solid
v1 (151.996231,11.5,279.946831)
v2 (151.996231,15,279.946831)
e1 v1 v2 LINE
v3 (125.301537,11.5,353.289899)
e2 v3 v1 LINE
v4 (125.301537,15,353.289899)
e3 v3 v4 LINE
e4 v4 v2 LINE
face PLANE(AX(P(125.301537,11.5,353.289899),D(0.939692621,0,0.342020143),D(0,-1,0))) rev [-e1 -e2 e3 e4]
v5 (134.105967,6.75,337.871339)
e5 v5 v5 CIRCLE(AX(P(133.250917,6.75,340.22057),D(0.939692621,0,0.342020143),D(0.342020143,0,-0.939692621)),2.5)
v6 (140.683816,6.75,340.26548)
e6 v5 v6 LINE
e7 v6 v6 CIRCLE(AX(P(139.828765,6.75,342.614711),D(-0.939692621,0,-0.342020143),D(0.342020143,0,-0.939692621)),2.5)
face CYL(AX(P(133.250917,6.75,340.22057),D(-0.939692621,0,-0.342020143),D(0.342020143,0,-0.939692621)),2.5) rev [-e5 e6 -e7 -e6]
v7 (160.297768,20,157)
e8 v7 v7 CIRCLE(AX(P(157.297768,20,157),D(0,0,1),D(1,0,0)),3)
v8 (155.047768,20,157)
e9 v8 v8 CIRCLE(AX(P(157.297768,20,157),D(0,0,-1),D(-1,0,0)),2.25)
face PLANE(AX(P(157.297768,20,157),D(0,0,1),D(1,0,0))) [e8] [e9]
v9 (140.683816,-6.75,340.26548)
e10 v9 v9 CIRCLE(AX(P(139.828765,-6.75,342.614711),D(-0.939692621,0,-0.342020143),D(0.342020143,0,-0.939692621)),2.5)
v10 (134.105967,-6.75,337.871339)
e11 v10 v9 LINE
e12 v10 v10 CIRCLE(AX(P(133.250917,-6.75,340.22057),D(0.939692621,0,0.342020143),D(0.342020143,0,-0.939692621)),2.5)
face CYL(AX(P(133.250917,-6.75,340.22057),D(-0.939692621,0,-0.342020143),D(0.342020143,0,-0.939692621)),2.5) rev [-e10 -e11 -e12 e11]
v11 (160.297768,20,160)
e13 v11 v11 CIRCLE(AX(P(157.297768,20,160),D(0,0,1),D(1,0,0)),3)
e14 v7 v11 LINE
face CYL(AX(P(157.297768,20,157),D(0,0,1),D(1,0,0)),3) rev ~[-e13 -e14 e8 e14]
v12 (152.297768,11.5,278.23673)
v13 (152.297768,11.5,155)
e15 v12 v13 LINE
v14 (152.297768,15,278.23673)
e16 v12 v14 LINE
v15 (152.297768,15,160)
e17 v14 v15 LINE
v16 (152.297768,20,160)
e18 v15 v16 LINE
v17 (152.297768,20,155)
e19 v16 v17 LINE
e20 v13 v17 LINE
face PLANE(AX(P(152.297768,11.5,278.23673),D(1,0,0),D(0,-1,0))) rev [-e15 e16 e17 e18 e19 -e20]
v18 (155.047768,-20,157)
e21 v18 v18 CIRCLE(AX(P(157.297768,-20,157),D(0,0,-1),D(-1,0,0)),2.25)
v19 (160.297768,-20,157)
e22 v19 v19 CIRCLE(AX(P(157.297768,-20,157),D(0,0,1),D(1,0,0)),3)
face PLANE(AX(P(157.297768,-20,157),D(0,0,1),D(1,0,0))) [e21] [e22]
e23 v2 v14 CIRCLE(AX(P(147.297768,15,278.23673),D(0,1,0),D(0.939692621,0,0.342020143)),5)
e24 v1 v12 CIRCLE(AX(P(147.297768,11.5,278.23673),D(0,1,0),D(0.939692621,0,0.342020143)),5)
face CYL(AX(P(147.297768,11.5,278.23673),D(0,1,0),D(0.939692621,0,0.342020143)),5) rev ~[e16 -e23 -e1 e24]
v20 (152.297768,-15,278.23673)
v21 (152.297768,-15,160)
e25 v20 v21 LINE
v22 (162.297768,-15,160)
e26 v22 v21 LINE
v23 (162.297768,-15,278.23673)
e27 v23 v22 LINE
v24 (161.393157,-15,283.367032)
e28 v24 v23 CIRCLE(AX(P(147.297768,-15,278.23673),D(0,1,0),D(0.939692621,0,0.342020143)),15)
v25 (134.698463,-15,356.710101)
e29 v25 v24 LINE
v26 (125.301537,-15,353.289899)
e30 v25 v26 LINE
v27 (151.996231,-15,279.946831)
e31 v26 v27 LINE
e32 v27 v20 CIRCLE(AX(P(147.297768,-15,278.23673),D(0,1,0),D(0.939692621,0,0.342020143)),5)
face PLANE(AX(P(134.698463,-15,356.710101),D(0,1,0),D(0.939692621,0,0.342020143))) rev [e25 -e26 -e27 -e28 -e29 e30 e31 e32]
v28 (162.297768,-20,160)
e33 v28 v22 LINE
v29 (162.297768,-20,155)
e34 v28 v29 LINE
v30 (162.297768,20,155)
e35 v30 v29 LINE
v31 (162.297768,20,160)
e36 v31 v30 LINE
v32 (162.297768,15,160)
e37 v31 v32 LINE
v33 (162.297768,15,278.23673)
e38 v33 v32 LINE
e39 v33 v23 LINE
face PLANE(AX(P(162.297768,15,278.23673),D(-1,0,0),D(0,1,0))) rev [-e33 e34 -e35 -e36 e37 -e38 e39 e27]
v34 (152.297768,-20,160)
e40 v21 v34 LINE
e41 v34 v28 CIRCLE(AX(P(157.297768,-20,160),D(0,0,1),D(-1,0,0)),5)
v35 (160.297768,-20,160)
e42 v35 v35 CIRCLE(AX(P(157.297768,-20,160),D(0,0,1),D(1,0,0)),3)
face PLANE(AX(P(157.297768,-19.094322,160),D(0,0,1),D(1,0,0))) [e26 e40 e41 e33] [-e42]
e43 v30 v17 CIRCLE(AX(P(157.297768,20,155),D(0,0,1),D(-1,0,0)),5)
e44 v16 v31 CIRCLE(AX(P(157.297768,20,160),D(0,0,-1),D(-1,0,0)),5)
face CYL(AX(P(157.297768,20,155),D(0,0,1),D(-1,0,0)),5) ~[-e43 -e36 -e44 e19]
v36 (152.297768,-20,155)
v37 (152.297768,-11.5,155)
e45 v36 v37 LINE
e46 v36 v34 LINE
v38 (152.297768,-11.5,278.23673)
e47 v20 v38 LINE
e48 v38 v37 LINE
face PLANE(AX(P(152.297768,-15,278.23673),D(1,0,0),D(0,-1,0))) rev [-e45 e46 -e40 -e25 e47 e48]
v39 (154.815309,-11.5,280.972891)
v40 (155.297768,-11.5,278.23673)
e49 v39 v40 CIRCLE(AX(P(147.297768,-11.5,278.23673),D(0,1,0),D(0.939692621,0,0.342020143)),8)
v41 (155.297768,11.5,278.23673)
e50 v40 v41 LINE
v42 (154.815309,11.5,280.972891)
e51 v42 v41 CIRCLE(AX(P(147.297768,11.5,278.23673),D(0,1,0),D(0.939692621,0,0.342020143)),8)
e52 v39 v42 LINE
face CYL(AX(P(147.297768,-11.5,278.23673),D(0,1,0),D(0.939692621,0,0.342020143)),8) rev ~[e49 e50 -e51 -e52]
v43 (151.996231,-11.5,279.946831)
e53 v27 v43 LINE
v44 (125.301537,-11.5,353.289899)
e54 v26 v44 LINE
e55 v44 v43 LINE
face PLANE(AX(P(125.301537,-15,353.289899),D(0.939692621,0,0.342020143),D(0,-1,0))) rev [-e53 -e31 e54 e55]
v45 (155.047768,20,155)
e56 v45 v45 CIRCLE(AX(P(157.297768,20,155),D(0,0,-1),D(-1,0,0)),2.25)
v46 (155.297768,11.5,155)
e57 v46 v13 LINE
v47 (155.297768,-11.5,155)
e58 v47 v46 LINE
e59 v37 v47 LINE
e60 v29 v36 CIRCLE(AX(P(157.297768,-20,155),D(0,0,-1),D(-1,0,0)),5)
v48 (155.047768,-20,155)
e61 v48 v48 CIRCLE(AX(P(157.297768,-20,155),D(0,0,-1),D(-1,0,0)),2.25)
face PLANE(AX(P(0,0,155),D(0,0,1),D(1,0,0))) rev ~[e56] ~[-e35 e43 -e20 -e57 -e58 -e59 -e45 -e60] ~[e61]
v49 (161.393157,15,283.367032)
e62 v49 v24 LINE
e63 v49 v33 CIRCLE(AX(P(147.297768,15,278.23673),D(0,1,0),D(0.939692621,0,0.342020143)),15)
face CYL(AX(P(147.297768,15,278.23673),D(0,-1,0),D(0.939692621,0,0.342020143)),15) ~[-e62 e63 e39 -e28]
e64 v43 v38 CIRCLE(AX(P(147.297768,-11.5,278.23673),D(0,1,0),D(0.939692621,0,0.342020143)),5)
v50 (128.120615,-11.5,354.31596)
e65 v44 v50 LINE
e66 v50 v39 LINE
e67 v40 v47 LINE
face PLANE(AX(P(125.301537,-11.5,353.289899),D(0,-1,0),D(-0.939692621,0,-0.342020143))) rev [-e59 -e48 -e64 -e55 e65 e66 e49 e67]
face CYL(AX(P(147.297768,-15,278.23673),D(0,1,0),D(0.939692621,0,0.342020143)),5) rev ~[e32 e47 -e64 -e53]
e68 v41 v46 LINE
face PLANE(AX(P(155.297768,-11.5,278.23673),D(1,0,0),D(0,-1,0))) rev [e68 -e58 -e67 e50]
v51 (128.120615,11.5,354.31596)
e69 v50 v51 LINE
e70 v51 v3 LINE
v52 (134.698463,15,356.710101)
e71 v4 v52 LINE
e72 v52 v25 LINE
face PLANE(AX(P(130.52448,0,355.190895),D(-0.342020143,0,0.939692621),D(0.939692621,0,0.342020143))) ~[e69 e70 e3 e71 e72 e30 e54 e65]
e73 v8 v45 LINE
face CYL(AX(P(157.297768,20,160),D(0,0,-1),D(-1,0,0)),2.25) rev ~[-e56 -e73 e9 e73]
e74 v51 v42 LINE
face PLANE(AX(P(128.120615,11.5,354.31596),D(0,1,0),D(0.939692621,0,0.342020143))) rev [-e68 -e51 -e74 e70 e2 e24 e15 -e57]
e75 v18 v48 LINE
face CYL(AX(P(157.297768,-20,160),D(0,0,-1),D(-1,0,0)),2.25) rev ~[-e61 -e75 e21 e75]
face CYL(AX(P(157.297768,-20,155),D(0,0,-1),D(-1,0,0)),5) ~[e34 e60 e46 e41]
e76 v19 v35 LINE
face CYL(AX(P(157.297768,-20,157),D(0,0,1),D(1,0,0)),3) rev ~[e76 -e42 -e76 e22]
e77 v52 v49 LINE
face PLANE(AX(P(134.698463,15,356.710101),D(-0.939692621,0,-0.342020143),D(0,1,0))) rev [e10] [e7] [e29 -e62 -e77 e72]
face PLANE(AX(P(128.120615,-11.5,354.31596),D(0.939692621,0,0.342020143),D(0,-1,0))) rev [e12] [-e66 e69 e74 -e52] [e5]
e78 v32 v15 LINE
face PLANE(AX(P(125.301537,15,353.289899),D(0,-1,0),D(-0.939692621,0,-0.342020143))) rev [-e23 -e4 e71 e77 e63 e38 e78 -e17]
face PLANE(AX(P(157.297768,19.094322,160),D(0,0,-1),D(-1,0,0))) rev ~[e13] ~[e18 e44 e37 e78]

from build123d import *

# Parameters (mm, degrees)
SKETCH_1_R                = 115
SKETCH_1_R_2              = 105
EXTRUDE_1_DEPTH           = 5
SKETCH_4_R                = 2.5
CUT_EXTRUDE_1_DEPTH       = 33.934862746
EXTRUDE_2_DEPTH           = 5
HOLE_WIZARD_1_D           = 4.5
HOLE_WIZARD_1_CBORE_D     = 6
HOLE_WIZARD_1_CBORE_DEPTH = 3
SKETCH_9_R                = 2.25
SKETCH_9_R_2              = 1.9
EXTRUDE_3_DEPTH           = 5
EXTRUDE_4_DEPTH           = 5
HOLE_WIZARD_2_D           = 4.5
HOLE_WIZARD_2_CBORE_D     = 6
HOLE_WIZARD_2_CBORE_DEPTH = 3
SKETCH_13_R               = 2.25
SKETCH_13_R_2             = 1.9
EXTRUDE_5_DEPTH           = 5
SKETCH_14_W               = 562.038590931
SKETCH_14_H               = 462.09177453
CUT_EXTRUDE_4_DEPTH       = 163.29776757
SKETCH_15_W               = 480.927145246
SKETCH_15_H               = 274.608213656
CUT_EXTRUDE_5_DEPTH       = 161


with BuildPart() as part:
    # 草图1 → 凸台-拉伸1 (new body, symmetric)
    with BuildSketch(Plane.XY):
        Circle(SKETCH_1_R)
        Circle(SKETCH_1_R_2, mode=Mode.SUBTRACT)
    extrude(amount=EXTRUDE_1_DEPTH, both=True)

    # 扫描1: sweep along a path in 草图2
    with BuildLine(Plane(origin=(0, 0, 0), x_dir=(1, 0, 0), z_dir=(0, 1, 0))) as sweep_1_path:
        Line((-130, -355), (-156.694693778, -281.656931626))
        ThreePointArc((-156.694693778, -281.656931626), (-157.1458451, -279.97321197), (-157.29776757, -278.236730193))
        Line((-157.29776757, -278.236730193), (-157.29776757, -10))
        ThreePointArc((-157.29776757, -10), (-154.368835382, -2.928932188), (-147.29776757, 0))
        Line((-147.29776757, 0), (-115, 0))
        Line((-115, 0), (-106.681302201, 0))
    # 草图3 → 扫描1 (sweep)
    with BuildSketch(Plane(origin=(-130, 0, 355), x_dir=(0.939692621, 0, -0.342020143), z_dir=(0.342020143, 0, 0.939692621))):
        Polygon((-5, -15), (5, -15), (5, -11.5), (2, -11.5), (2, 11.5), (5, 11.5), (5, 15), (-5, 15), align=None)
    sweep_1 = sweep(path=sweep_1_path.line)

    # 草图4 → 切除-拉伸1 (cut, through all)
    with BuildSketch(Plane(origin=(-227.008304281, 0, 82.624265689), x_dir=(-0.342020143, 0, -0.939692621), z_dir=(0.939692621, 0, -0.342020143))):
        with Locations((-274.128261747, 6.75)):
            Circle(SKETCH_4_R)
        with Locations((-274.128261747, -6.75)):
            Circle(SKETCH_4_R)
    cut_extrude_1 = extrude(amount=-CUT_EXTRUDE_1_DEPTH, mode=Mode.SUBTRACT)

    # 镜向1: 扫描1, 切除-拉伸1 across plane
    add(sweep_1.mirror(Plane(origin=(0, 0, 0), x_dir=(0, 0, 1), z_dir=(1, 0, 0))))
    add(cut_extrude_1.mirror(Plane(origin=(0, 0, 0), x_dir=(0, 0, 1), z_dir=(1, 0, 0))), mode=Mode.SUBTRACT)

    # 草图6 → 凸台-拉伸2 (add, symmetric)
    with BuildSketch(Plane(origin=(0, 0, 0), x_dir=(0, 0, -1), z_dir=(1, 0, 0))):
        with BuildLine():
            Line((-5, 115), (-5, 125))
            ThreePointArc((-5, 125), (0, 130), (5, 125))
            Line((5, 125), (5, 115))
            Line((5, 115), (5, 112.136445143))
            Line((5, 112.136445143), (-5, 112.136445143))
            Line((-5, 112.136445143), (-5, 115))
        make_face()
    extrude_2 = extrude(amount=EXTRUDE_2_DEPTH, both=True)

    # 镜向2: 凸台-拉伸2 across plane
    add(extrude_2.mirror(Plane.ZX))

    # 孔1 (through all)
    with Locations(Plane(origin=(5, 0, 0), x_dir=(0, 0, -1), z_dir=(1, 0, 0))):
        with Locations((0, 124.156343107), (0, -125)):
            CounterBoreHole(HOLE_WIZARD_1_D / 2, HOLE_WIZARD_1_CBORE_D / 2, HOLE_WIZARD_1_CBORE_DEPTH)

    # 草图9 → 凸台-拉伸3 (add)
    with BuildSketch(Plane.ZY.offset(5)):
        with Locations((0, 124.156343107)):
            Circle(SKETCH_9_R)
        with Locations((0, 124.156343107)):
            Circle(SKETCH_9_R_2, mode=Mode.SUBTRACT)
        with Locations((0, -125)):
            Circle(SKETCH_9_R)
        with Locations((0, -125)):
            Circle(SKETCH_9_R_2, mode=Mode.SUBTRACT)
    extrude(amount=-EXTRUDE_3_DEPTH)

    # 草图10 → 凸台-拉伸4 (add, symmetric)
    with BuildSketch(Plane.XY.offset(155)):
        with BuildLine():
            Line((-162.29776757, 15), (-152.29776757, 15))
            Line((-152.29776757, 15), (-152.29776757, 20))
            ThreePointArc((-152.29776757, 20), (-157.29776757, 25), (-162.29776757, 20))
            Line((-162.29776757, 20), (-162.29776757, 15))
        make_face()
        with BuildLine():
            Line((-152.29776757, -15), (-152.29776757, -20))
            ThreePointArc((-152.29776757, -20), (-157.29776757, -25), (-162.29776757, -20))
            Line((-162.29776757, -20), (-162.29776757, -15))
            Line((-162.29776757, -15), (-152.29776757, -15))
        make_face()
        with BuildLine():
            Line((162.29776757, -15), (152.29776757, -15))
            Line((152.29776757, -15), (152.29776757, -20))
            ThreePointArc((152.29776757, -20), (157.29776757, -25), (162.29776757, -20))
            Line((162.29776757, -20), (162.29776757, -15))
        make_face()
        with BuildLine():
            Line((152.29776757, 15), (152.29776757, 20))
            ThreePointArc((152.29776757, 20), (157.29776757, 25), (162.29776757, 20))
            Line((162.29776757, 20), (162.29776757, 15))
            Line((162.29776757, 15), (152.29776757, 15))
        make_face()
    extrude(amount=EXTRUDE_4_DEPTH, both=True)

    # 孔2 (through all)
    with Locations(Plane.XY.offset(160)):
        with Locations((-157.29776757, 20), (-157.29776757, -20), (157.29776757, 20), (157.29776757, -20)):
            CounterBoreHole(HOLE_WIZARD_2_D / 2, HOLE_WIZARD_2_CBORE_D / 2, HOLE_WIZARD_2_CBORE_DEPTH)

    # 草图13 → 凸台-拉伸5 (add)
    with BuildSketch(Plane(origin=(0, 0, 150), x_dir=(-1, 0, 0), z_dir=(0, 0, -1))):
        with Locations((-157.29776757, 20)):
            Circle(SKETCH_13_R)
        with Locations((-157.29776757, 20)):
            Circle(SKETCH_13_R_2, mode=Mode.SUBTRACT)
        with Locations((-157.29776757, -20)):
            Circle(SKETCH_13_R)
        with Locations((-157.29776757, -20)):
            Circle(SKETCH_13_R_2, mode=Mode.SUBTRACT)
        with Locations((157.29776757, -20)):
            Circle(SKETCH_13_R)
        with Locations((157.29776757, -20)):
            Circle(SKETCH_13_R_2, mode=Mode.SUBTRACT)
        with Locations((157.29776757, 20)):
            Circle(SKETCH_13_R)
        with Locations((157.29776757, 20)):
            Circle(SKETCH_13_R_2, mode=Mode.SUBTRACT)
    extrude(amount=-EXTRUDE_5_DEPTH)

    # 草图14 → 切除-拉伸4 (cut, through all)
    with BuildSketch(Plane(origin=(0, 0, 0), x_dir=(0, 0, -1), z_dir=(1, 0, 0))):
        with Locations((-153.139864812, -31.152254463)):
            Rectangle(SKETCH_14_W, SKETCH_14_H)
    extrude(amount=-CUT_EXTRUDE_4_DEPTH, mode=Mode.SUBTRACT)

    # 草图15 → 切除-拉伸5 (cut, through all)
    with BuildSketch(Plane.XY.offset(155)):
        Rectangle(SKETCH_15_W, SKETCH_15_H)
    extrude(amount=-CUT_EXTRUDE_5_DEPTH, mode=Mode.SUBTRACT)


solid = part.part
